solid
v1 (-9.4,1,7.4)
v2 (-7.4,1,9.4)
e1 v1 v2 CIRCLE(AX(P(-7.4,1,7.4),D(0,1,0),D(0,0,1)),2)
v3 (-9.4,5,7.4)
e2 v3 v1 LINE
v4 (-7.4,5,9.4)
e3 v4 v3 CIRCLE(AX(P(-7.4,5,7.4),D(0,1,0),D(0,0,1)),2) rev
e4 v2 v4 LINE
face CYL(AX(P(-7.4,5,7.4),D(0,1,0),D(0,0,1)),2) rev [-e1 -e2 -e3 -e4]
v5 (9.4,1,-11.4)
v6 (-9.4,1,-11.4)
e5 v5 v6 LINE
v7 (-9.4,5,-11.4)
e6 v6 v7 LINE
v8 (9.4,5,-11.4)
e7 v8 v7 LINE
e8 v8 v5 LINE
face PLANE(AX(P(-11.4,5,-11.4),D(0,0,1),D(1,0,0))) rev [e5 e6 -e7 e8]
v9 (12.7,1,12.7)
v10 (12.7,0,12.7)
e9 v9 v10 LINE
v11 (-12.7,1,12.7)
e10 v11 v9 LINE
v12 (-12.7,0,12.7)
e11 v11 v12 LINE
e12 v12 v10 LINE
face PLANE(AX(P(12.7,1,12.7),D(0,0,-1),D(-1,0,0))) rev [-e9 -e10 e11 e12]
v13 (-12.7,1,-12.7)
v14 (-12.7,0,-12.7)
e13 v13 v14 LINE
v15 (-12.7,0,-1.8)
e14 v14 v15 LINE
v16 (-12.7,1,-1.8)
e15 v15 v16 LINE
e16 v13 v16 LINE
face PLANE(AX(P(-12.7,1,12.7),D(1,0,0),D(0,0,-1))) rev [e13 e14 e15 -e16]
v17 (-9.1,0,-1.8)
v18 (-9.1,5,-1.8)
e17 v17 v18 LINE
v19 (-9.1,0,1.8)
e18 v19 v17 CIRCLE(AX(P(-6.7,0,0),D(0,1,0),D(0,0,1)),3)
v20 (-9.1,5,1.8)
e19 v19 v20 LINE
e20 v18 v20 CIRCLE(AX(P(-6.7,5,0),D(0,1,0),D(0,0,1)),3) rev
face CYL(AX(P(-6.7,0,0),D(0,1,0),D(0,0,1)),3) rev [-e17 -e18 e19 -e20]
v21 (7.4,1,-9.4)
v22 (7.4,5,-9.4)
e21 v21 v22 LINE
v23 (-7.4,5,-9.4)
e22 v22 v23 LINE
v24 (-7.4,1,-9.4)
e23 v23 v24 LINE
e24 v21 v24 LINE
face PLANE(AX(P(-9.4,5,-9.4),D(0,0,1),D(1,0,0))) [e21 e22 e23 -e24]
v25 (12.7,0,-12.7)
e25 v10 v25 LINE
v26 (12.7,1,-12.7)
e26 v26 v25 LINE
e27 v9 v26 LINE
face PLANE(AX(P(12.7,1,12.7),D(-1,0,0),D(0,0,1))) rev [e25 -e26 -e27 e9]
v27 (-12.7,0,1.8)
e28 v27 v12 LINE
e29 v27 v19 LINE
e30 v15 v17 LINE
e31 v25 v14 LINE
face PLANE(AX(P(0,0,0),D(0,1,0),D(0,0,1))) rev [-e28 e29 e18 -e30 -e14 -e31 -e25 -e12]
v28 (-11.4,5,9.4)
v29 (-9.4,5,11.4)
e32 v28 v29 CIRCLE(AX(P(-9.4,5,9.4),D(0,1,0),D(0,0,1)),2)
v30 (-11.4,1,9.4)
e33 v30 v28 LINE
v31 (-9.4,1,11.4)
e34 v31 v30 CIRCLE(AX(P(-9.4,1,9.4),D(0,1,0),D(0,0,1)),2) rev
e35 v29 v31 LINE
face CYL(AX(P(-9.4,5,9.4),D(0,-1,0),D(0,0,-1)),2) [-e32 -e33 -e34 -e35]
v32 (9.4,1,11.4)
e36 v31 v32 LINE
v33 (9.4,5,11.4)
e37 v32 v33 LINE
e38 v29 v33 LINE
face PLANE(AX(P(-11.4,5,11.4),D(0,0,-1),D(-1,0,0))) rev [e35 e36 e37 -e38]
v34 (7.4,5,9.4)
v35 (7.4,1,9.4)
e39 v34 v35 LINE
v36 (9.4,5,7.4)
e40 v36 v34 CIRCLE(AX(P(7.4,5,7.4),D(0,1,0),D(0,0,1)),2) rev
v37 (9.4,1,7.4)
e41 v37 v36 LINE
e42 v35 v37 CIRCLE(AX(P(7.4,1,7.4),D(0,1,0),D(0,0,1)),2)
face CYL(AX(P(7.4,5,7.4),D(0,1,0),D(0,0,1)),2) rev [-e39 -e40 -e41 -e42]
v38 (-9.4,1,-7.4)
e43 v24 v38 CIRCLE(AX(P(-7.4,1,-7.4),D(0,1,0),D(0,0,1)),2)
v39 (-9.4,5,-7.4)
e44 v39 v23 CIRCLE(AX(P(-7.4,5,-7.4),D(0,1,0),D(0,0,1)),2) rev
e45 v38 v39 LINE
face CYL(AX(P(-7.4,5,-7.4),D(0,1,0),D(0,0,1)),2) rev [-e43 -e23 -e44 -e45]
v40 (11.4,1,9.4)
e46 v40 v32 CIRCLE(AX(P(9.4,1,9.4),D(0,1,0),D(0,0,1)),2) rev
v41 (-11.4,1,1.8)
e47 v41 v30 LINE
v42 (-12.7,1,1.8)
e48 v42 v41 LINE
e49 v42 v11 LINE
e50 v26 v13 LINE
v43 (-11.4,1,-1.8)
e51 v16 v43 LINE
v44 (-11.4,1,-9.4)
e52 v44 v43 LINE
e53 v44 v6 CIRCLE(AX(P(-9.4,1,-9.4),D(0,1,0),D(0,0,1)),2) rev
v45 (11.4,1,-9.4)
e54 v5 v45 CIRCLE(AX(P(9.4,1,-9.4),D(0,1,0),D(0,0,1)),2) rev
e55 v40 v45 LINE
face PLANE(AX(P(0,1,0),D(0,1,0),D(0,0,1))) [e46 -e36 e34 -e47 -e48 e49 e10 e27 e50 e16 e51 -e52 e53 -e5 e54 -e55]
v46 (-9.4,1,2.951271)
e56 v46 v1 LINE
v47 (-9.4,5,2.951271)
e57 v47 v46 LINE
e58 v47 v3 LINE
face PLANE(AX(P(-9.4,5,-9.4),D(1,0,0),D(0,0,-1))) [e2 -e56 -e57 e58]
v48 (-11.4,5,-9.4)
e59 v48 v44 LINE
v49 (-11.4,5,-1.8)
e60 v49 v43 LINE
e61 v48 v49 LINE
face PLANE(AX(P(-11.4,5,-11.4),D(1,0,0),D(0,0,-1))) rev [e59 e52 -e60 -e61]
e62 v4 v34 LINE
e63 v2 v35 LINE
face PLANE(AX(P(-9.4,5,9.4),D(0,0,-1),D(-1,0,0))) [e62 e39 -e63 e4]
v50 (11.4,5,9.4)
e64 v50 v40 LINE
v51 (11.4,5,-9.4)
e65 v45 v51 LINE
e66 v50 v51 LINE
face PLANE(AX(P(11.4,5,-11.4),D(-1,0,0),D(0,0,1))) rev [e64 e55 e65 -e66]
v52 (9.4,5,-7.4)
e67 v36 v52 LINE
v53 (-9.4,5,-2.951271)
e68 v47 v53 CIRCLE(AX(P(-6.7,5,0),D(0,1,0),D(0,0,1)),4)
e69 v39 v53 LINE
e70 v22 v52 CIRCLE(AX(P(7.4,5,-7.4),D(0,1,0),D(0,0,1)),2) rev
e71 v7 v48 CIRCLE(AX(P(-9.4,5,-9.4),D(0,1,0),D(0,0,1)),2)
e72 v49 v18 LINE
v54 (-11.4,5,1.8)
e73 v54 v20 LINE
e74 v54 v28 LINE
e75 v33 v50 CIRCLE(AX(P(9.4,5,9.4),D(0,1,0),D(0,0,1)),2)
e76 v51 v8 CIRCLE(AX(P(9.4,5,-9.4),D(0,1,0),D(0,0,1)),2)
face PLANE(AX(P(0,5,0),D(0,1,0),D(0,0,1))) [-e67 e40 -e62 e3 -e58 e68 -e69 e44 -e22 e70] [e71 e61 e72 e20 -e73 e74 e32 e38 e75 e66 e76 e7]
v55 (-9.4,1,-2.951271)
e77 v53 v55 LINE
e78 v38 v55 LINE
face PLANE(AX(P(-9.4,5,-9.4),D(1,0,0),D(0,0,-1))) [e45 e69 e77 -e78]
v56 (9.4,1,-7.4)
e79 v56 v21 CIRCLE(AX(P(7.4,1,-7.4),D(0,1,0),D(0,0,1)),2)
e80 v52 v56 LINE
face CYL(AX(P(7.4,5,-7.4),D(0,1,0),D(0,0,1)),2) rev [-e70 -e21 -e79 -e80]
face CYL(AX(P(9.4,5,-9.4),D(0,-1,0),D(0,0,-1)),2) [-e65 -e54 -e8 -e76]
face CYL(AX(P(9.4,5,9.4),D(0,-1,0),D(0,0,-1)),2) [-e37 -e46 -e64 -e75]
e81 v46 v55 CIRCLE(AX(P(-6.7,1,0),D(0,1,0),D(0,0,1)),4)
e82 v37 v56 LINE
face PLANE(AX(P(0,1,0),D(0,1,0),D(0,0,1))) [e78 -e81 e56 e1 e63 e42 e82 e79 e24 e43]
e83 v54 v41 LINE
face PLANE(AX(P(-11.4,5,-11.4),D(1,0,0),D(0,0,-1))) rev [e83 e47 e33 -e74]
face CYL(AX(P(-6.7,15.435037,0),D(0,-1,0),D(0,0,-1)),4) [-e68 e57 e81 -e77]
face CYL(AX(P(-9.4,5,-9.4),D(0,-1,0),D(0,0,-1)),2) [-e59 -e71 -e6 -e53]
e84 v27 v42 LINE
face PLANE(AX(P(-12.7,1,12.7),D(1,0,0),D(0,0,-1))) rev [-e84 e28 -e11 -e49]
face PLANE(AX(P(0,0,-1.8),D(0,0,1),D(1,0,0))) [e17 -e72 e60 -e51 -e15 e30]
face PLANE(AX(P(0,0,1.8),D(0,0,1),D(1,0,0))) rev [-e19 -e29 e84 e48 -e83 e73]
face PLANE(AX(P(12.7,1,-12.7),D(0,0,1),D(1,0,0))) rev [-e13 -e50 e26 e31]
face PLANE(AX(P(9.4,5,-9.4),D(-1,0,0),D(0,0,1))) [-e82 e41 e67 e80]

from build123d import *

# Parameters (mm, degrees)
SKETCH1_W           = 25.4
SKETCH1_H           = 25.4
BOSS_EXTRUDE1_DEPTH = 1
SKETCH2_W           = 22.8
SKETCH2_H           = 22.8
SKETCH2_W_2         = 18.8
SKETCH2_H_2         = 18.8
BOSS_EXTRUDE2_DEPTH = 4
FILLET1_R           = 2
SKETCH3_W           = 1.3
SKETCH3_H           = 3.6
CUT_EXTRUDE1_DEPTH  = 19.643497526
BOSS_EXTRUDE3_START = 4
BOSS_EXTRUDE3_DEPTH = 4


with BuildPart() as part:
    # Sketch1 → Boss-Extrude1 (new body)
    with BuildSketch(Plane(origin=(0, 0, 0), x_dir=(1, 0, 0), z_dir=(0, 1, 0))):
        Rectangle(SKETCH1_W, SKETCH1_H)
    extrude(amount=BOSS_EXTRUDE1_DEPTH)

    # Sketch2 → Boss-Extrude2 (add)
    with BuildSketch(Plane(origin=(0, 1, 0), x_dir=(1, 0, 0), z_dir=(0, 1, 0))):
        Rectangle(SKETCH2_W, SKETCH2_H)
        Rectangle(SKETCH2_W_2, SKETCH2_H_2, mode=Mode.SUBTRACT)
    extrude(amount=BOSS_EXTRUDE2_DEPTH)

    # Fillet1
    fillet1_edges = [part.edges().sort_by_distance(p)[0] for p in [
        (11.4, 3, 11.4),
        (11.4, 3, -11.4),
        (-11.4, 3, -11.4),
        (-11.4, 3, 11.4),
        (-9.4, 3, -9.4),
        (-9.4, 3, 9.4),
        (9.4, 3, 9.4),
        (9.4, 3, -9.4),
    ]]
    fillet(fillet1_edges, radius=FILLET1_R)

    # Sketch3 → Cut-Extrude1 (cut, through all)
    with BuildSketch(Plane(origin=(0, 5, 0), x_dir=(1, 0, 0), z_dir=(0, 1, 0))):
        with BuildLine():
            Line((-6.7, 1.8), (-9.1, 1.8))
            ThreePointArc((-9.1, 1.8), (-9.261854267, 1.561058204), (-9.4, 1.307669683))
            Line((-9.4, 1.307669683), (-9.4, -1.307669683))
            ThreePointArc((-9.4, -1.307669683), (-9.261854267, -1.561058204), (-9.1, -1.8))
            Line((-9.1, -1.8), (-6.7, -1.8))
            Line((-6.7, -1.8), (-6.7, 1.8))
        make_face()
        with Locations((-12.05, 0)):
            Rectangle(SKETCH3_W, SKETCH3_H)
        with BuildLine():
            Line((-9.4, 1.8), (-11.4, 1.8))
            Line((-11.4, 1.8), (-11.4, -1.8))
            Line((-11.4, -1.8), (-9.4, -1.8))
            Line((-9.4, -1.8), (-9.4, -1.307669683))
            ThreePointArc((-9.4, -1.307669683), (-9.7, 0), (-9.4, 1.307669683))
            Line((-9.4, 1.307669683), (-9.4, 1.8))
        make_face()
        with BuildLine():
            ThreePointArc((-3.7, 0), (-5.751316702, 2.846049894), (-9.1, 1.8))
            Line((-9.1, 1.8), (-6.7, 1.8))
            Line((-6.7, 1.8), (-6.7, -1.8))
            Line((-6.7, -1.8), (-9.1, -1.8))
            ThreePointArc((-9.1, -1.8), (-5.751316702, -2.846049894), (-3.7, 0))
        make_face()
        with BuildLine():
            Line((-9.1, 1.8), (-9.4, 1.8))
            Line((-9.4, 1.8), (-9.4, 1.307669683))
            ThreePointArc((-9.4, 1.307669683), (-9.261854267, 1.561058204), (-9.1, 1.8))
        make_face()
        with BuildLine():
            Line((-9.4, -1.307669683), (-9.4, 1.307669683))
            ThreePointArc((-9.4, 1.307669683), (-9.7, 0), (-9.4, -1.307669683))
        make_face()
        with BuildLine():
            Line((-9.4, -1.307669683), (-9.4, -1.8))
            Line((-9.4, -1.8), (-9.1, -1.8))
            ThreePointArc((-9.1, -1.8), (-9.261854267, -1.561058204), (-9.4, -1.307669683))
        make_face()
    extrude(amount=-CUT_EXTRUDE1_DEPTH, mode=Mode.SUBTRACT)

    # Sketch4 → Boss-Extrude3 (add)
    with BuildSketch(Plane(origin=(0, 1, 0), x_dir=(1, 0, 0), z_dir=(0, 1, 0)).offset(BOSS_EXTRUDE3_START)):
        with BuildLine():
            Line((-9.1, 1.8), (-9.4, 1.8))
            Line((-9.4, 1.8), (-9.4, 2.951270913))
            ThreePointArc((-9.4, 2.951270913), (-2.7, 0), (-9.4, -2.951270913))
            Line((-9.4, -2.951270913), (-9.4, -1.8))
            Line((-9.4, -1.8), (-9.1, -1.8))
            ThreePointArc((-9.1, -1.8), (-3.7, 0), (-9.1, 1.8))
        make_face()
    extrude(amount=-BOSS_EXTRUDE3_DEPTH)


solid = part.part
